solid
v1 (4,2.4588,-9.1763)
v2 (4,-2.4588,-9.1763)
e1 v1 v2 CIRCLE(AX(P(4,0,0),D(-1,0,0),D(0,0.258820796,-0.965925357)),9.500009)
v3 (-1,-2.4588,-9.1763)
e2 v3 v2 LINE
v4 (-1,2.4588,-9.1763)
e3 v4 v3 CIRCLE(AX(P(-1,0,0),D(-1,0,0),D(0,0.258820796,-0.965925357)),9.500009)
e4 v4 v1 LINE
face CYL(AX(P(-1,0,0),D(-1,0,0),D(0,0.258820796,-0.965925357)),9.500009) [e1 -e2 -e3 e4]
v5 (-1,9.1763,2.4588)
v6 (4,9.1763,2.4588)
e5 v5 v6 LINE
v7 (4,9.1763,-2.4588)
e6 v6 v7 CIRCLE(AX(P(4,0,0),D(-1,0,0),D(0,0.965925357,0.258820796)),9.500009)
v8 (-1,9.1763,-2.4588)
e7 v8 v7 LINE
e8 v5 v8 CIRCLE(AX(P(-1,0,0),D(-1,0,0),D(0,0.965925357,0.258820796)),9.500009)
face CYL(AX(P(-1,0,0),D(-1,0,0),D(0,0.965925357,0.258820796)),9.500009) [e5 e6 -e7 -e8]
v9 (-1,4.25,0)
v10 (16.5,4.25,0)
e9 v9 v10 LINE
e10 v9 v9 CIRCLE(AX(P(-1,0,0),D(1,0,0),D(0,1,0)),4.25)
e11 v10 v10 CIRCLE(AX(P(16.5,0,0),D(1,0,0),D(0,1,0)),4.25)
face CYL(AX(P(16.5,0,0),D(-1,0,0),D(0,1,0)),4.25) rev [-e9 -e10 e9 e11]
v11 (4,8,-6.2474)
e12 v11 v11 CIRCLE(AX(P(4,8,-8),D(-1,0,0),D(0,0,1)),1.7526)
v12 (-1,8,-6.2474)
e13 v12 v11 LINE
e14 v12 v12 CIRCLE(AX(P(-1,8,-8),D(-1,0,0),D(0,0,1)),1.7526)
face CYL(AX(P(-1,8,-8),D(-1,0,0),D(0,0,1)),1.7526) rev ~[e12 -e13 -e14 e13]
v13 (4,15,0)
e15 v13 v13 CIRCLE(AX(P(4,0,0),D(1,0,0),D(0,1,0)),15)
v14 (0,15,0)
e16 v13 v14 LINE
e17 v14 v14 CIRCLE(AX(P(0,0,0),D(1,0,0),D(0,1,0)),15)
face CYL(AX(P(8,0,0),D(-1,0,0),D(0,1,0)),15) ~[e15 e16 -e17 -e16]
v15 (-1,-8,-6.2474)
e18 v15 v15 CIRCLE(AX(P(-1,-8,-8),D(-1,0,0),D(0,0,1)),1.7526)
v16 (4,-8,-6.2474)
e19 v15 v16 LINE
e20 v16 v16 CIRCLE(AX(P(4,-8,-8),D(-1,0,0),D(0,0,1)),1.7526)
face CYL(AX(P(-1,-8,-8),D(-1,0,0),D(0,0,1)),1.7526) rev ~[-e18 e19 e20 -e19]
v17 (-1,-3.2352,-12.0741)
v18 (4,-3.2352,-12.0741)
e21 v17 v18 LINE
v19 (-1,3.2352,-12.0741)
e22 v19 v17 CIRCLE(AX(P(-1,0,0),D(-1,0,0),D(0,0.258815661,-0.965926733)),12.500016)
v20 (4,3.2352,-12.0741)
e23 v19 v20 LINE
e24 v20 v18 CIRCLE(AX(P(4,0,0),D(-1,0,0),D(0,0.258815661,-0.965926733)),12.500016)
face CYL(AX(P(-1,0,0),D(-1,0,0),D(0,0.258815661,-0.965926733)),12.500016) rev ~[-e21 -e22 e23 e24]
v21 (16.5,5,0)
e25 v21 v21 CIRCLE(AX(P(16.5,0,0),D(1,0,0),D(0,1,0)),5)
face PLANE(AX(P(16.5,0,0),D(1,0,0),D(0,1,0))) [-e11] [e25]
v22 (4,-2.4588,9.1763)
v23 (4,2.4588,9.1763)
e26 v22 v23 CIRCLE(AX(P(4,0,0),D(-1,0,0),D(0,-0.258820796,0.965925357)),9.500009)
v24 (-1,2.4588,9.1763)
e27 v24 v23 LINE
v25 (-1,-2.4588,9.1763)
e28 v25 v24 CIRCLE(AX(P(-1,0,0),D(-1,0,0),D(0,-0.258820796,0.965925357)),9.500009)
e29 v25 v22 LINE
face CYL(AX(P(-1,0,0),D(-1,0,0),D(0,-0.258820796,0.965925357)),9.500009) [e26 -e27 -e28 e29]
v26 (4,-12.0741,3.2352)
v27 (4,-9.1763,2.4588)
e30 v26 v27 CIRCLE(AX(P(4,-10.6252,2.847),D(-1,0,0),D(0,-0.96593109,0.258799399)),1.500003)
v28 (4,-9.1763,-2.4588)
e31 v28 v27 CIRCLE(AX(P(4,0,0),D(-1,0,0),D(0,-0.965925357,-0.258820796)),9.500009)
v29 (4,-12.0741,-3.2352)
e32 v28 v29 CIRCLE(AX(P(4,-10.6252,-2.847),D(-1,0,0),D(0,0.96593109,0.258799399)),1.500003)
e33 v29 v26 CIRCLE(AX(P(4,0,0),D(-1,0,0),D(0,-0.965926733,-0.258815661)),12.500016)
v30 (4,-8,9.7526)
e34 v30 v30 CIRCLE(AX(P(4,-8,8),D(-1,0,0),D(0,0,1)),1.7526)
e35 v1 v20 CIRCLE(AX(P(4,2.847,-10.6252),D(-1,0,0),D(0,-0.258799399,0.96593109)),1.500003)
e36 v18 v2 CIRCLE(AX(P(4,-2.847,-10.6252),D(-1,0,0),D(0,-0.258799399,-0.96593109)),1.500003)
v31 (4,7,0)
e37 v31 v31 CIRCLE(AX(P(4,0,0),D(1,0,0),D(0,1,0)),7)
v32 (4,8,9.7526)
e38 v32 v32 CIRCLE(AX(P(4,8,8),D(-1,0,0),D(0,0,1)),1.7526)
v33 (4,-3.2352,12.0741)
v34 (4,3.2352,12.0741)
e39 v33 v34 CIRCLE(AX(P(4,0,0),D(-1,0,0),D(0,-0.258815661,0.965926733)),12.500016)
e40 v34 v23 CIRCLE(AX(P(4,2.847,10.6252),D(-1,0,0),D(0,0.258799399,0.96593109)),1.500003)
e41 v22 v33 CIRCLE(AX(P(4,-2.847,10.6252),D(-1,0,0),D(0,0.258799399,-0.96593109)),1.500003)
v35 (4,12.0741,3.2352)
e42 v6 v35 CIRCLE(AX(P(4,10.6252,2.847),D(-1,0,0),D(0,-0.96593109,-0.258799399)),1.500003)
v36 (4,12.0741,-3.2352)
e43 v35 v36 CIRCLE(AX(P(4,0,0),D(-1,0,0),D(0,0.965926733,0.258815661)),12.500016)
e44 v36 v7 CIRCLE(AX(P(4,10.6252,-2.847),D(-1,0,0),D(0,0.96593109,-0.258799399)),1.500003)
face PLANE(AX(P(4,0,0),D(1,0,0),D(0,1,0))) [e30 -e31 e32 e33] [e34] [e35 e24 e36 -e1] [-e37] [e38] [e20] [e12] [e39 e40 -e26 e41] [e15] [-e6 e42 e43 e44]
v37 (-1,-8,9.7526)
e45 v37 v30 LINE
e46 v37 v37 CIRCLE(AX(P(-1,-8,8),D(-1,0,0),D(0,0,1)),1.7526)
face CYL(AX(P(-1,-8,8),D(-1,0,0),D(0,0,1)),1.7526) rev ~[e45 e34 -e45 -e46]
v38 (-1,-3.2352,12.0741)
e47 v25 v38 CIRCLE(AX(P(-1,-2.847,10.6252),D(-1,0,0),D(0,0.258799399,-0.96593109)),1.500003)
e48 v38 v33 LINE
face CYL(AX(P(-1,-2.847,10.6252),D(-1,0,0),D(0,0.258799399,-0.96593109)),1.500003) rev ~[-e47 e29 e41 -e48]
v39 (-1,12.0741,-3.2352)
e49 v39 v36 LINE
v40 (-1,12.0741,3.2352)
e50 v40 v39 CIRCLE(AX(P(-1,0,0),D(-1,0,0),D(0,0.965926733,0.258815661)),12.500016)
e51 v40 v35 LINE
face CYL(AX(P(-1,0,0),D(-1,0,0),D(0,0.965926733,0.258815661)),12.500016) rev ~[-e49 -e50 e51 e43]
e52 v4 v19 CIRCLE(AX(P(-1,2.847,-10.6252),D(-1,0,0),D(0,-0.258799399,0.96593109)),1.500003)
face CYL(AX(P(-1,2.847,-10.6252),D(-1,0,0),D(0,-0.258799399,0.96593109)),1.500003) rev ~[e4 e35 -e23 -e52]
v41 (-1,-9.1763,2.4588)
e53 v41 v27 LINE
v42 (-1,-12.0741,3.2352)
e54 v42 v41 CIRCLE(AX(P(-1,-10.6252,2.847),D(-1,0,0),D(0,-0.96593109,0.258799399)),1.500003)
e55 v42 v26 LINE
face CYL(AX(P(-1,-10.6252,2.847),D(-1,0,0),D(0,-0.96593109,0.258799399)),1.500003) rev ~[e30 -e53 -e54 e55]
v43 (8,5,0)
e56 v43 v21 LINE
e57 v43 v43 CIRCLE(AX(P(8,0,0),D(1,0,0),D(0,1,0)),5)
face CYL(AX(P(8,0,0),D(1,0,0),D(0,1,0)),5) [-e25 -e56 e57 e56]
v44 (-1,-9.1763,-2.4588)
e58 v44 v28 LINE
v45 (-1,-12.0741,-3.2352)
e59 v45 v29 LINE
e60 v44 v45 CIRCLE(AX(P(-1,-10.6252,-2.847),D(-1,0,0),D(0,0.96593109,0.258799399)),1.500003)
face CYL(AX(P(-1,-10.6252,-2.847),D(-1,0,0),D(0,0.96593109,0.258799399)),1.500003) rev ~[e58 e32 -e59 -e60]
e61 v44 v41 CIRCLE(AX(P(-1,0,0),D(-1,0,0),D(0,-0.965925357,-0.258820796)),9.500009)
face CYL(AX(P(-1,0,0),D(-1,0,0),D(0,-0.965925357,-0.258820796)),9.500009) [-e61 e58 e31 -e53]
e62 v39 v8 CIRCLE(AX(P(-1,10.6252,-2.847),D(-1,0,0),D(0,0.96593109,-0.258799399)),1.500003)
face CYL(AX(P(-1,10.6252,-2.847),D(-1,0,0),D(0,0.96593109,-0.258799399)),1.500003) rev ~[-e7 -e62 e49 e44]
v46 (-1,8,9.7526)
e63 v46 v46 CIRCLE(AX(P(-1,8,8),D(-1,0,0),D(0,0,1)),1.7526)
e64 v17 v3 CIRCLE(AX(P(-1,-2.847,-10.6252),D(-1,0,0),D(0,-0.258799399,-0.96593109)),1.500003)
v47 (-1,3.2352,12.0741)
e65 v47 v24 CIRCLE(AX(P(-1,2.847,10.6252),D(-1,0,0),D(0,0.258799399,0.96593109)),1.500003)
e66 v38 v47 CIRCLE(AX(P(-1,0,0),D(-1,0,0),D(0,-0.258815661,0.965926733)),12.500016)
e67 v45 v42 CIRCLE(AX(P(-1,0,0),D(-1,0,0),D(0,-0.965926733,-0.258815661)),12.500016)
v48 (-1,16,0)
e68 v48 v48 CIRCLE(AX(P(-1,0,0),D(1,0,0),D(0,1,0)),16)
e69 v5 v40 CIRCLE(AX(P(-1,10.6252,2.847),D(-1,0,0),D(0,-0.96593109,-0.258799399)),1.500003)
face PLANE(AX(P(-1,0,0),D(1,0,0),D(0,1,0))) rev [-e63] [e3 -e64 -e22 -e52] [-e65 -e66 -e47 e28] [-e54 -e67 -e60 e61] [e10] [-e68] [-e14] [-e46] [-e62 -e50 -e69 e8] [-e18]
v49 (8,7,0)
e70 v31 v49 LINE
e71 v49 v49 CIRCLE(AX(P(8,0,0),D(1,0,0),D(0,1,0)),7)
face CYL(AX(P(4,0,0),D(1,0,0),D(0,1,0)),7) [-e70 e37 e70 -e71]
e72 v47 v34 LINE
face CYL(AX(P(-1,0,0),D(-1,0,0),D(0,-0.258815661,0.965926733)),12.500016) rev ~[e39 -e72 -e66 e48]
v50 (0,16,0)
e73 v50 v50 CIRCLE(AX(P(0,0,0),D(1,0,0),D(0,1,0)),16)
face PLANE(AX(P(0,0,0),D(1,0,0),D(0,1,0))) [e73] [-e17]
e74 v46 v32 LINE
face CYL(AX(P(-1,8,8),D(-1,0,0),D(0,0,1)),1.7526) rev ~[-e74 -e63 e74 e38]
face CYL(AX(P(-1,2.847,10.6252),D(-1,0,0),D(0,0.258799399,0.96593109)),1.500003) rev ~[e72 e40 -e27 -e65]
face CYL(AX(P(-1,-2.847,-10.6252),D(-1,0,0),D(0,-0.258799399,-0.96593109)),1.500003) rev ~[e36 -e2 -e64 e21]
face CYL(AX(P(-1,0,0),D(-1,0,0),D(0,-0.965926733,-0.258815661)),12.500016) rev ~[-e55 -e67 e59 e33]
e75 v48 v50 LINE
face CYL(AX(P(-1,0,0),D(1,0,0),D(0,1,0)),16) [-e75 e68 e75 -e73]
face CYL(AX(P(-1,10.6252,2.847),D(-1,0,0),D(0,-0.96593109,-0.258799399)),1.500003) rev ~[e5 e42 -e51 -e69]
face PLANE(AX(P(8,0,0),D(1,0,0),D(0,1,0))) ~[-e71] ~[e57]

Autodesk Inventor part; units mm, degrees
ref_plane "YZ Plane" through (0, 0, 0) normal (1, 0, 0) x (0, 1, 0)
ref_plane "XZ Plane" through (0, 0, 0) normal (0, 1, 0) x (-1, 0, 0)
ref_plane "XY Plane" through (0, 0, 0) normal (0, 0, 1) x (1, 0, 0)
sketch "Sketch1" plane through (0, 0, 0) normal (0, 0, 1) x (1, 0, 0)
  line L0 (0, 0) -> (8, 0)
  line L1 (8, 0) -> (8, 15)
  line L2 (8, 15) -> (0, 15)
  line L3 (0, 15) -> (0, 0)
  line L4 (8, 0) -> (16.5, 0)
  line L5 (16.5, 0) -> (16.5, 4.25)
  line L6 (16.5, 4.25) -> (8, 4.25)
  line L7 (8, 4.25) -> (8, 0)
  line L8 (-1, 0) -> (-1, 16)
  line L9 (-1, 16) -> (0, 16)
  line L10 (0, 16) -> (0, 0)
  line L11 (16.5, 4.25) -> (8, 4.25)
  line L12 (8, 4.25) -> (8, 5)
  line L13 (8, 5) -> (16.5, 5)
  line L14 (16.5, 5) -> (16.5, 4.25)
  line L15 (-1, 0) -> (16.5, 0)
  line L16 (16.5, 0) -> (16.5, 4.25)
  line L17 (16.5, 4.25) -> (-1, 4.25)
  line L18 (8, 15) -> (4, 15)
  line L19 (4, 15) -> (4, 7)
  line L20 (4, 7) -> (8, 7)
  line L21 (8, 7) -> (8, 15)
  point P0 (0, 15)
  point P1 (-1, 4.25)
  point P2 (0, 4.25)
  point P3 (0, 15)
  point P4 (8, 0)
  dimension "d0" = 8
  dimension "d1" = 15
  dimension "d3" = 4.25
  dimension "d10" = 0.75
  dimension "d40" = 1
  dimension "d43" = 16
  dimension "d45" = 5
  dimension "d46" = 7
  dimension "d47" = 17.5
revolve "Revolution1" add sketch "Sketch1" angle 360 about axis through (-1, 0, 0) along (1, 0, 0) contours L17 L8 L9 L10 L3 | L3 L2 L19 L20 L1 L17 | L1 L13 L14 L6
sketch "Sketch3" plane through (-1, 0, 0) normal (-1, 0, 0) x (0, 0, 1)
  line L0 (8, -8) -> (-8, -8) construction
  line L1 (-8, -8) -> (-8, 8) construction
  line L2 (-8, 8) -> (8, 8) construction
  line L3 (8, 8) -> (8, -8) construction
  line L4 (8, -8) -> (-8, 8) construction
  line L5 (-8, -8) -> (8, 8) construction
  circle A0 centre (8, 8) radius 1.7526
  circle A1 centre (-8, 8) radius 1.7526
  circle A2 centre (-8, -8) radius 1.7526
  circle A3 centre (8, -8) radius 1.7526
  line L6 (0, 0) -> (0, 16) construction
  circle A4 centre (0, 0) radius 16 projected
  line L7 (0, 0) -> (4.1411, 15.4548) construction
  circle A5 centre (0, 0) radius 11 construction
  arc A6 (2.847, 10.6252) -> (-2.847, 10.6252) centre (0, 0) ccw construction
  arc A7 (3.2352, 12.0741) -> (-3.2352, 12.0741) centre (0, 0) ccw
  arc A8 (2.4588, 9.1763) -> (-2.4588, 9.1763) centre (0, 0) ccw
  arc A9 (2.4588, 9.1763) -> (3.2352, 12.0741) centre (2.847, 10.6252) ccw
  arc A10 (-3.2352, 12.0741) -> (-2.4588, 9.1763) centre (-2.847, 10.6252) ccw
  line L8 (0, 0) -> (-2.847, 10.6252) construction
  line L9 (0, 0) -> (2.847, 10.6252) construction
  arc A11 (-9.1763, 2.4588) -> (-9.1763, -2.4588) centre (0, 0) ccw
  arc A12 (-10.6252, 2.847) -> (-10.6252, -2.847) centre (0, 0) ccw construction
  arc A13 (-12.0741, 3.2352) -> (-12.0741, -3.2352) centre (0, 0) ccw
  arc A14 (-9.1763, 2.4588) -> (-12.0741, 3.2352) centre (-10.6252, 2.847) ccw
  arc A15 (-12.0741, -3.2352) -> (-9.1763, -2.4588) centre (-10.6252, -2.847) ccw
  arc A16 (-2.4588, -9.1763) -> (2.4588, -9.1763) centre (0, 0) ccw
  arc A17 (-2.847, -10.6252) -> (2.847, -10.6252) centre (0, 0) ccw construction
  arc A18 (-3.2352, -12.0741) -> (3.2352, -12.0741) centre (0, 0) ccw
  arc A19 (-2.4588, -9.1763) -> (-3.2352, -12.0741) centre (-2.847, -10.6252) ccw
  arc A20 (3.2352, -12.0741) -> (2.4588, -9.1763) centre (2.847, -10.6252) ccw
  arc A21 (9.1763, -2.4588) -> (9.1763, 2.4588) centre (0, 0) ccw
  arc A22 (10.6252, -2.847) -> (10.6252, 2.847) centre (0, 0) ccw construction
  arc A23 (12.0741, -3.2352) -> (12.0741, 3.2352) centre (0, 0) ccw
  arc A24 (9.1763, -2.4588) -> (12.0741, -3.2352) centre (10.6252, -2.847) ccw
  arc A25 (12.0741, 3.2352) -> (9.1763, 2.4588) centre (10.6252, 2.847) ccw
  point P0 (-15.4548, 4.1411)
  point P1 (-4.1411, -15.4548)
  point P2 (15.4548, -4.1411)
  dimension "d32" = 22
  dimension "d22" = 16
  dimension "d23" = 16
  dimension "d24" = 3.5052
  dimension "d27" = 360
  dimension "d31" = 15
  dimension "d33" = 30
  dimension "d34" = 3
  dimension "d37" = 360
extrude "Extrusion2" cut sketch "Sketch3" against normal through all contours A0 | A1 | A2 | A3 | A9 A8 A10 A7 | A11 A15 A13 A14 | A16 A20 A18 A19 | A21 A25 A23 A24
equation "\"d23\" = d22"
equation "\"d33\" = 2 * d31"
properties part number "Base" material "Aluminum 6061"
